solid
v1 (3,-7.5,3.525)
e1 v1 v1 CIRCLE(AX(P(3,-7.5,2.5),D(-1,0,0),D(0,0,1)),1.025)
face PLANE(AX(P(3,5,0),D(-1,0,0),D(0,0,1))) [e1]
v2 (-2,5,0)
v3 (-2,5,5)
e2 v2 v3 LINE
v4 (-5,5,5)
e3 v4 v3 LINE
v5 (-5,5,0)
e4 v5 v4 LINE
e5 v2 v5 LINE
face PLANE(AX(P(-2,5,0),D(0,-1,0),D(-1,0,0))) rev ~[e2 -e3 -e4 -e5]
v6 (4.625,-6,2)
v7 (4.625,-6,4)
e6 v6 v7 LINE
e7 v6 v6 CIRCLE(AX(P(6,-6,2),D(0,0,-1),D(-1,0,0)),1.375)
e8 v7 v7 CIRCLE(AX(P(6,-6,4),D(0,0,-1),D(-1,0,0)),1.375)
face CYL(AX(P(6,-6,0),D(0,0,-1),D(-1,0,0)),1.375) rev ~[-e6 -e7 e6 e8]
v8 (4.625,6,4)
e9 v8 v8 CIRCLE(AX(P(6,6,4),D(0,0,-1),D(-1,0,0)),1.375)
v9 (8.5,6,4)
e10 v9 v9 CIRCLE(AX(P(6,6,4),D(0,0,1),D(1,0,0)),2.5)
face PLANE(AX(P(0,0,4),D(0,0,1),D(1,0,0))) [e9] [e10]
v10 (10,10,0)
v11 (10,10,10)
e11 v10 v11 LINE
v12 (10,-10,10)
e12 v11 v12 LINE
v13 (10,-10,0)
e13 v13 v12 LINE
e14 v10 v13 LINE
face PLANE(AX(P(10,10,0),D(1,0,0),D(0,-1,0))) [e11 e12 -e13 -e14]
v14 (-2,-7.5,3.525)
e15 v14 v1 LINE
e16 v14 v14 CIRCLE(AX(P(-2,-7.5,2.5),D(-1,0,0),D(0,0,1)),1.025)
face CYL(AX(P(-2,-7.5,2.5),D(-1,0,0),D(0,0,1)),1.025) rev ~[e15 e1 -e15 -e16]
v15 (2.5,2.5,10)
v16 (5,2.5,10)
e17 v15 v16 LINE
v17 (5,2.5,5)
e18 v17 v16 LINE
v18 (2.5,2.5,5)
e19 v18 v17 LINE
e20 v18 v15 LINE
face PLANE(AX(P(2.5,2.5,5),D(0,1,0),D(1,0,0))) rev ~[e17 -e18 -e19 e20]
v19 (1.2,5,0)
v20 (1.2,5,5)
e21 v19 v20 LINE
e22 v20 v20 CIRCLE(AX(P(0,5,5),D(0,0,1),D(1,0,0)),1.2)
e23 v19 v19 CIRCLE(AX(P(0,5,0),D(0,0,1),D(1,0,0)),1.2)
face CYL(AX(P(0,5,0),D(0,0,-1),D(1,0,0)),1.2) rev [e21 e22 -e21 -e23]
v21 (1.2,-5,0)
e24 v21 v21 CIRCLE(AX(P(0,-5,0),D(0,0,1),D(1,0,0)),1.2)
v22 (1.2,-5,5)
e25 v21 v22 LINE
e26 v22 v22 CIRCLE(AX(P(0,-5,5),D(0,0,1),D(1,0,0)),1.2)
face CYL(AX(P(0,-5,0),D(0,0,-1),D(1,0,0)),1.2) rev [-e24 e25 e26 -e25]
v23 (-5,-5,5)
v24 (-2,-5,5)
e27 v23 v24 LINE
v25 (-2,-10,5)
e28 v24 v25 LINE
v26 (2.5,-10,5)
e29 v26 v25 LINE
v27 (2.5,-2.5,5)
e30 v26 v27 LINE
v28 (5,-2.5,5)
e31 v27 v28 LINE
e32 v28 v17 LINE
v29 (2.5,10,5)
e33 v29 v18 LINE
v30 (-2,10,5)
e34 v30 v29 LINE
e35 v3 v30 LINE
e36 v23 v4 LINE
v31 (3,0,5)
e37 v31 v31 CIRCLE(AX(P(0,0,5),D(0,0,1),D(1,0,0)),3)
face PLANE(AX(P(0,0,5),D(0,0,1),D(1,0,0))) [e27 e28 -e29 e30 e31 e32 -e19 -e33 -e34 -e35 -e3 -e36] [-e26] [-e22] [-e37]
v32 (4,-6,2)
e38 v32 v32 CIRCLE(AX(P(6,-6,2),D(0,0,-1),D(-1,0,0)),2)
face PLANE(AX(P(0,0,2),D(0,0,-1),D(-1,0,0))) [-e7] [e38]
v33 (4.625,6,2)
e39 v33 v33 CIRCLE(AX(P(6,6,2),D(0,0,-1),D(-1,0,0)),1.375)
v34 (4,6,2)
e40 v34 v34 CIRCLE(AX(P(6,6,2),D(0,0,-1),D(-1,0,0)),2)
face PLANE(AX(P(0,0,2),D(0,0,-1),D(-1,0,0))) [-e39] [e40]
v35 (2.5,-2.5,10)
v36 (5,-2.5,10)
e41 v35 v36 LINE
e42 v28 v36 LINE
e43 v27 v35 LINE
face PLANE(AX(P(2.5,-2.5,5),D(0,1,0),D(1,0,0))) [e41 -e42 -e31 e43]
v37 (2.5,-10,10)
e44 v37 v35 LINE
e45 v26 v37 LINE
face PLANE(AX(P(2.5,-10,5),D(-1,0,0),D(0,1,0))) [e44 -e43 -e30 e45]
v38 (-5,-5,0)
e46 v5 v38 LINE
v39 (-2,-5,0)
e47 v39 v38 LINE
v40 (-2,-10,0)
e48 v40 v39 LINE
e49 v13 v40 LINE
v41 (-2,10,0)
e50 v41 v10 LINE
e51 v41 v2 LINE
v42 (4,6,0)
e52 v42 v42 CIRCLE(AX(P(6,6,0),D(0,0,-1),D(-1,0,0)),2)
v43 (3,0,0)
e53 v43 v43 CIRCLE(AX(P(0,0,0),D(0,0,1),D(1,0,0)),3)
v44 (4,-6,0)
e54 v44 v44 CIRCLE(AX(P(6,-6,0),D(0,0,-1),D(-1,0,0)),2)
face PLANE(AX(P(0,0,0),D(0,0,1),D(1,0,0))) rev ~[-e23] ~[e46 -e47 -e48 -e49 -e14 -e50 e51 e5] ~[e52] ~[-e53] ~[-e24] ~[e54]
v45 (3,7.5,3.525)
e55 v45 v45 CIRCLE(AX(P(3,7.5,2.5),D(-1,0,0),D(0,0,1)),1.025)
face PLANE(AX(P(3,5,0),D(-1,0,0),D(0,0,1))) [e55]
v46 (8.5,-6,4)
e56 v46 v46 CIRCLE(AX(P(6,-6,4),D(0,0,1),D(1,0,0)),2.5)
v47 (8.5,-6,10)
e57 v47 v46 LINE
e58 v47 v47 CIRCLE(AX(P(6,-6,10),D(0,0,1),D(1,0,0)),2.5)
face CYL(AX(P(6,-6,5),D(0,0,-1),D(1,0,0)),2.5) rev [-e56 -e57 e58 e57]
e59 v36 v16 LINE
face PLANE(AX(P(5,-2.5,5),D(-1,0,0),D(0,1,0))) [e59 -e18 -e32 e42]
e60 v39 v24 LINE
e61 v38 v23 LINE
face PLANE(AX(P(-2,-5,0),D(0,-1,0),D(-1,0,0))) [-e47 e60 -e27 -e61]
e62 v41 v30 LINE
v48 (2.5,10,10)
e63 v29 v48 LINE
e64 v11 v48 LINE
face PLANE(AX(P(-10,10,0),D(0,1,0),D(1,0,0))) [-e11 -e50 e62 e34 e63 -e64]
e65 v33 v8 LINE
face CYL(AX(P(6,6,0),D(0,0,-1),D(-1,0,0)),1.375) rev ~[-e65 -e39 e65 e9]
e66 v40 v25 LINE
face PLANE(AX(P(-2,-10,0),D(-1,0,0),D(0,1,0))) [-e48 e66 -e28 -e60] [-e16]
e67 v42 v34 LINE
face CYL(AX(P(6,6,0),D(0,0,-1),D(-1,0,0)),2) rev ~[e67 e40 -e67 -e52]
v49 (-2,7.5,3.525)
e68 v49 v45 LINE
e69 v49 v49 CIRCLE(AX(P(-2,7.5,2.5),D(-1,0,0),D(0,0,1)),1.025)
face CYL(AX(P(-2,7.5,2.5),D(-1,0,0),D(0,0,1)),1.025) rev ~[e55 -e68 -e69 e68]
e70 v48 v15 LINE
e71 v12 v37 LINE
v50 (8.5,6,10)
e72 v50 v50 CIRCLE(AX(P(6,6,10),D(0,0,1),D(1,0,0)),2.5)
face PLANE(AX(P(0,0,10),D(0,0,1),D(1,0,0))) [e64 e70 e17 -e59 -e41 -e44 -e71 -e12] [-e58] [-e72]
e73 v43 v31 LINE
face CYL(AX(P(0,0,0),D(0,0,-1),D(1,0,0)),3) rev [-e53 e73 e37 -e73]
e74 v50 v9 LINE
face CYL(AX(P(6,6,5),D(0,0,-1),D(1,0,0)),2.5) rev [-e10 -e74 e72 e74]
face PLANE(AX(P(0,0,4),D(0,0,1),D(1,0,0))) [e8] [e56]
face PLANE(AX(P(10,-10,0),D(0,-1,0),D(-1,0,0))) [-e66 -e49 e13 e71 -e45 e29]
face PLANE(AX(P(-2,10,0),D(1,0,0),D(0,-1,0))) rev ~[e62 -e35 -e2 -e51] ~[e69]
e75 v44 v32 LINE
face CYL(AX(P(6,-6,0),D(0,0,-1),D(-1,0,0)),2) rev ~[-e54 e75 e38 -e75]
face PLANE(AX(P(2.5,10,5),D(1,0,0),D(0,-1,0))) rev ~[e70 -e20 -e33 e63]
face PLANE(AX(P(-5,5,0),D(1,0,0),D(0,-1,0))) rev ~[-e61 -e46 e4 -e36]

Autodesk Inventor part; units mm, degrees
ref_plane "YZ Plane" through (0, 0, 0) normal (1, 0, 0) x (0, 1, 0)
ref_plane "XZ Plane" through (0, 0, 0) normal (0, 1, 0) x (-1, 0, 0)
ref_plane "XY Plane" through (0, 0, 0) normal (0, 0, 1) x (1, 0, 0)
sketch "Sketch1" plane through (0, 0, 0) normal (0, 0, 1) x (1, 0, 0)
  line L0 (10, -10) -> (-10, -10)
  line L1 (-10, -10) -> (-10, 10)
  line L2 (-10, 10) -> (10, 10)
  line L3 (10, 10) -> (10, -10)
  circle A0 centre (0, 5) radius 1.2
  circle A1 centre (0, -5) radius 1.2
  circle A2 centre (0, 0) radius 3
  dimension "d0" = 10
  dimension "d1" = 10
  dimension "d2" = 10
  dimension "d3" = 10
  dimension "d4" = 5
  dimension "d5" = 5
  dimension "d6" = 2.4
  dimension "d7" = 2.4
  dimension "d8" = 6
extrude "Extrusion1" add sketch "Sketch1" along normal blind 5
sketch "Sketch2" plane through (0, 0, 5) normal (0, 0, 1) x (1, 0, 0)
  line L0 (0, 0) -> (-1.3346, -1.3533)
  circle A0 centre (6, -6) radius 2.5
  circle A1 centre (6, 6) radius 2.5
  line L1 (10, -10) -> (10, 10) projected
  line L2 (-10, -10) -> (10, -10) projected
  line L3 (10, 10) -> (-10, 10) projected
  dimension "d34" = 4
  dimension "d35" = 4
  dimension "d36" = 4
  dimension "d37" = 4
  dimension "d38" = 5
  dimension "d39" = 5
extrude "Extrusion2" cut sketch "Sketch2" against normal blind 1
sketch "Sketch7" plane through (0, 0, 0) normal (0, 0, -1) x (-1, 0, 0)
  circle A0 centre (-6, 6) radius 2.5 projected
  circle A1 centre (-6, 6) radius 1.375
  circle A2 centre (-6, -6) radius 2.5 projected
  circle A3 centre (-6, -6) radius 1.375
  point P0 (0, 0)
  dimension "d40" = 2.75
  dimension "d41" = 2.75
extrude "Extrusion6" cut sketch "Sketch7" against normal blind 5 contours A1 | A3
sketch "Sketch8" plane through (0, 0, 5) normal (0, 0, 1) x (1, 0, 0)
  line L0 (10, 10) -> (-10, 10) projected
  line L1 (10, 10) -> (2.5, 10)
  line L2 (2.5, 10) -> (2.5, 2.5)
  line L3 (2.5, 2.5) -> (10, 2.5)
  line L4 (10, 2.5) -> (10, 10)
  line L5 (10, -10) -> (10, 10) projected
  line L6 (10, -10) -> (2.5, -10)
  line L7 (2.5, -10) -> (2.5, -2.5)
  line L8 (2.5, -2.5) -> (10, -2.5)
  line L9 (10, -2.5) -> (10, -10)
  line L10 (10, -2.5) -> (5, -2.5)
  line L11 (5, -2.5) -> (5, 2.5)
  line L12 (5, 2.5) -> (10, 2.5)
  line L13 (10, 2.5) -> (10, -2.5)
  circle A0 centre (6, 6) radius 2.5 projected
  circle A1 centre (6, 6) radius 2.5
  circle A2 centre (6, -6) radius 2.5 projected
  circle A3 centre (6, -6) radius 2.5
  point P0 (0, 0)
  point P1 (2.5, 10)
  dimension "d44" = 7.5
  dimension "d45" = 7.5
  dimension "d46" = 7.5
  dimension "d47" = 7.5
  dimension "d48" = 5
extrude "Extrusion7" add sketch "Sketch8" along normal blind 5
sketch "Sketch9" plane through (0, 0, 0) normal (0, 0, -1) x (-1, 0, 0)
  circle A0 centre (-6, 6) radius 1.375 projected
  circle A1 centre (-6, 6) radius 2
  circle A2 centre (-6, -6) radius 1.375 projected
  circle A3 centre (-6, -6) radius 2
  point P0 (0, 0)
  dimension "d51" = 4
  dimension "d52" = 4
extrude "Extrusion8" cut sketch "Sketch9" against normal blind 2 contours A0 | A1 | A2 | A3
sketch "Sketch10" plane through (0, 0, 0) normal (0, 0, -1) x (-1, 0, 0)
  line L0 (-2.5, 10) -> (10, 10) projected
  line L1 (10, -10) -> (-2.5, -10) projected
  line L2 (10, 10) -> (5, 10)
  line L3 (5, 10) -> (5, -10)
  line L4 (5, -10) -> (10, -10)
  line L5 (10, -10) -> (10, 10)
  line L6 (5, 10) -> (2, 10)
  line L7 (2, 10) -> (2, 5)
  line L8 (2, 5) -> (5, 5)
  line L9 (5, 5) -> (5, 10)
  line L10 (5, -10) -> (2, -10)
  line L11 (2, -10) -> (2, -5)
  line L12 (2, -5) -> (5, -5)
  line L13 (5, -5) -> (5, -10)
  point P0 (0, 0)
  dimension "d55" = 5
  dimension "d56" = 3
  dimension "d57" = 5
  dimension "d58" = 5
  dimension "d59" = 3
extrude "Extrusion9" cut sketch "Sketch10" against normal blind 10
sketch "Sketch11" plane through (-2, 5, 0) normal (-1, 0, 0) x (0, 0, 1)
  circle A0 centre (2.5, 2.5) radius 1.025
  line L0 (0, 5) -> (5, 5) projected
  line L1 (0, 0) -> (0, 5) projected
  circle A1 centre (2.5, -12.5) radius 1.025
  line L2 (5, -15) -> (0, -15) projected
  line L3 (0, -15) -> (0, -10) projected
  point P0 (0, -5)
  dimension "d62" = 2.5
  dimension "d63" = 2.5
  dimension "d64" = 2.05
  dimension "d65" = 2.5
  dimension "d66" = 2.5
  dimension "d67" = 2.05
extrude "Extrusion10" cut sketch "Sketch11" against normal blind 5
thread "Thread1" size "M2.5x0.45" class "6H" standard "ANSI Metric M Profile" length 5
thread "Thread2" size "M2.5x0.45" class "6H" standard "ANSI Metric M Profile" length 5
equation "\"d1\" = d0"
equation "\"d2\" = d0"
equation "\"d3\" = d2"
equation "\"d5\" = d4"
equation "\"d7\" = d6"
equation "\"d39\" = d38"
equation "\"d45\" = d44"
equation "\"d46\" = d45"
equation "\"d52\" = d51"
equation "\"d65\" = d62"
equation "\"d66\" = d63"
equation "\"d67\" = d64"
properties part number "MotorMount"
